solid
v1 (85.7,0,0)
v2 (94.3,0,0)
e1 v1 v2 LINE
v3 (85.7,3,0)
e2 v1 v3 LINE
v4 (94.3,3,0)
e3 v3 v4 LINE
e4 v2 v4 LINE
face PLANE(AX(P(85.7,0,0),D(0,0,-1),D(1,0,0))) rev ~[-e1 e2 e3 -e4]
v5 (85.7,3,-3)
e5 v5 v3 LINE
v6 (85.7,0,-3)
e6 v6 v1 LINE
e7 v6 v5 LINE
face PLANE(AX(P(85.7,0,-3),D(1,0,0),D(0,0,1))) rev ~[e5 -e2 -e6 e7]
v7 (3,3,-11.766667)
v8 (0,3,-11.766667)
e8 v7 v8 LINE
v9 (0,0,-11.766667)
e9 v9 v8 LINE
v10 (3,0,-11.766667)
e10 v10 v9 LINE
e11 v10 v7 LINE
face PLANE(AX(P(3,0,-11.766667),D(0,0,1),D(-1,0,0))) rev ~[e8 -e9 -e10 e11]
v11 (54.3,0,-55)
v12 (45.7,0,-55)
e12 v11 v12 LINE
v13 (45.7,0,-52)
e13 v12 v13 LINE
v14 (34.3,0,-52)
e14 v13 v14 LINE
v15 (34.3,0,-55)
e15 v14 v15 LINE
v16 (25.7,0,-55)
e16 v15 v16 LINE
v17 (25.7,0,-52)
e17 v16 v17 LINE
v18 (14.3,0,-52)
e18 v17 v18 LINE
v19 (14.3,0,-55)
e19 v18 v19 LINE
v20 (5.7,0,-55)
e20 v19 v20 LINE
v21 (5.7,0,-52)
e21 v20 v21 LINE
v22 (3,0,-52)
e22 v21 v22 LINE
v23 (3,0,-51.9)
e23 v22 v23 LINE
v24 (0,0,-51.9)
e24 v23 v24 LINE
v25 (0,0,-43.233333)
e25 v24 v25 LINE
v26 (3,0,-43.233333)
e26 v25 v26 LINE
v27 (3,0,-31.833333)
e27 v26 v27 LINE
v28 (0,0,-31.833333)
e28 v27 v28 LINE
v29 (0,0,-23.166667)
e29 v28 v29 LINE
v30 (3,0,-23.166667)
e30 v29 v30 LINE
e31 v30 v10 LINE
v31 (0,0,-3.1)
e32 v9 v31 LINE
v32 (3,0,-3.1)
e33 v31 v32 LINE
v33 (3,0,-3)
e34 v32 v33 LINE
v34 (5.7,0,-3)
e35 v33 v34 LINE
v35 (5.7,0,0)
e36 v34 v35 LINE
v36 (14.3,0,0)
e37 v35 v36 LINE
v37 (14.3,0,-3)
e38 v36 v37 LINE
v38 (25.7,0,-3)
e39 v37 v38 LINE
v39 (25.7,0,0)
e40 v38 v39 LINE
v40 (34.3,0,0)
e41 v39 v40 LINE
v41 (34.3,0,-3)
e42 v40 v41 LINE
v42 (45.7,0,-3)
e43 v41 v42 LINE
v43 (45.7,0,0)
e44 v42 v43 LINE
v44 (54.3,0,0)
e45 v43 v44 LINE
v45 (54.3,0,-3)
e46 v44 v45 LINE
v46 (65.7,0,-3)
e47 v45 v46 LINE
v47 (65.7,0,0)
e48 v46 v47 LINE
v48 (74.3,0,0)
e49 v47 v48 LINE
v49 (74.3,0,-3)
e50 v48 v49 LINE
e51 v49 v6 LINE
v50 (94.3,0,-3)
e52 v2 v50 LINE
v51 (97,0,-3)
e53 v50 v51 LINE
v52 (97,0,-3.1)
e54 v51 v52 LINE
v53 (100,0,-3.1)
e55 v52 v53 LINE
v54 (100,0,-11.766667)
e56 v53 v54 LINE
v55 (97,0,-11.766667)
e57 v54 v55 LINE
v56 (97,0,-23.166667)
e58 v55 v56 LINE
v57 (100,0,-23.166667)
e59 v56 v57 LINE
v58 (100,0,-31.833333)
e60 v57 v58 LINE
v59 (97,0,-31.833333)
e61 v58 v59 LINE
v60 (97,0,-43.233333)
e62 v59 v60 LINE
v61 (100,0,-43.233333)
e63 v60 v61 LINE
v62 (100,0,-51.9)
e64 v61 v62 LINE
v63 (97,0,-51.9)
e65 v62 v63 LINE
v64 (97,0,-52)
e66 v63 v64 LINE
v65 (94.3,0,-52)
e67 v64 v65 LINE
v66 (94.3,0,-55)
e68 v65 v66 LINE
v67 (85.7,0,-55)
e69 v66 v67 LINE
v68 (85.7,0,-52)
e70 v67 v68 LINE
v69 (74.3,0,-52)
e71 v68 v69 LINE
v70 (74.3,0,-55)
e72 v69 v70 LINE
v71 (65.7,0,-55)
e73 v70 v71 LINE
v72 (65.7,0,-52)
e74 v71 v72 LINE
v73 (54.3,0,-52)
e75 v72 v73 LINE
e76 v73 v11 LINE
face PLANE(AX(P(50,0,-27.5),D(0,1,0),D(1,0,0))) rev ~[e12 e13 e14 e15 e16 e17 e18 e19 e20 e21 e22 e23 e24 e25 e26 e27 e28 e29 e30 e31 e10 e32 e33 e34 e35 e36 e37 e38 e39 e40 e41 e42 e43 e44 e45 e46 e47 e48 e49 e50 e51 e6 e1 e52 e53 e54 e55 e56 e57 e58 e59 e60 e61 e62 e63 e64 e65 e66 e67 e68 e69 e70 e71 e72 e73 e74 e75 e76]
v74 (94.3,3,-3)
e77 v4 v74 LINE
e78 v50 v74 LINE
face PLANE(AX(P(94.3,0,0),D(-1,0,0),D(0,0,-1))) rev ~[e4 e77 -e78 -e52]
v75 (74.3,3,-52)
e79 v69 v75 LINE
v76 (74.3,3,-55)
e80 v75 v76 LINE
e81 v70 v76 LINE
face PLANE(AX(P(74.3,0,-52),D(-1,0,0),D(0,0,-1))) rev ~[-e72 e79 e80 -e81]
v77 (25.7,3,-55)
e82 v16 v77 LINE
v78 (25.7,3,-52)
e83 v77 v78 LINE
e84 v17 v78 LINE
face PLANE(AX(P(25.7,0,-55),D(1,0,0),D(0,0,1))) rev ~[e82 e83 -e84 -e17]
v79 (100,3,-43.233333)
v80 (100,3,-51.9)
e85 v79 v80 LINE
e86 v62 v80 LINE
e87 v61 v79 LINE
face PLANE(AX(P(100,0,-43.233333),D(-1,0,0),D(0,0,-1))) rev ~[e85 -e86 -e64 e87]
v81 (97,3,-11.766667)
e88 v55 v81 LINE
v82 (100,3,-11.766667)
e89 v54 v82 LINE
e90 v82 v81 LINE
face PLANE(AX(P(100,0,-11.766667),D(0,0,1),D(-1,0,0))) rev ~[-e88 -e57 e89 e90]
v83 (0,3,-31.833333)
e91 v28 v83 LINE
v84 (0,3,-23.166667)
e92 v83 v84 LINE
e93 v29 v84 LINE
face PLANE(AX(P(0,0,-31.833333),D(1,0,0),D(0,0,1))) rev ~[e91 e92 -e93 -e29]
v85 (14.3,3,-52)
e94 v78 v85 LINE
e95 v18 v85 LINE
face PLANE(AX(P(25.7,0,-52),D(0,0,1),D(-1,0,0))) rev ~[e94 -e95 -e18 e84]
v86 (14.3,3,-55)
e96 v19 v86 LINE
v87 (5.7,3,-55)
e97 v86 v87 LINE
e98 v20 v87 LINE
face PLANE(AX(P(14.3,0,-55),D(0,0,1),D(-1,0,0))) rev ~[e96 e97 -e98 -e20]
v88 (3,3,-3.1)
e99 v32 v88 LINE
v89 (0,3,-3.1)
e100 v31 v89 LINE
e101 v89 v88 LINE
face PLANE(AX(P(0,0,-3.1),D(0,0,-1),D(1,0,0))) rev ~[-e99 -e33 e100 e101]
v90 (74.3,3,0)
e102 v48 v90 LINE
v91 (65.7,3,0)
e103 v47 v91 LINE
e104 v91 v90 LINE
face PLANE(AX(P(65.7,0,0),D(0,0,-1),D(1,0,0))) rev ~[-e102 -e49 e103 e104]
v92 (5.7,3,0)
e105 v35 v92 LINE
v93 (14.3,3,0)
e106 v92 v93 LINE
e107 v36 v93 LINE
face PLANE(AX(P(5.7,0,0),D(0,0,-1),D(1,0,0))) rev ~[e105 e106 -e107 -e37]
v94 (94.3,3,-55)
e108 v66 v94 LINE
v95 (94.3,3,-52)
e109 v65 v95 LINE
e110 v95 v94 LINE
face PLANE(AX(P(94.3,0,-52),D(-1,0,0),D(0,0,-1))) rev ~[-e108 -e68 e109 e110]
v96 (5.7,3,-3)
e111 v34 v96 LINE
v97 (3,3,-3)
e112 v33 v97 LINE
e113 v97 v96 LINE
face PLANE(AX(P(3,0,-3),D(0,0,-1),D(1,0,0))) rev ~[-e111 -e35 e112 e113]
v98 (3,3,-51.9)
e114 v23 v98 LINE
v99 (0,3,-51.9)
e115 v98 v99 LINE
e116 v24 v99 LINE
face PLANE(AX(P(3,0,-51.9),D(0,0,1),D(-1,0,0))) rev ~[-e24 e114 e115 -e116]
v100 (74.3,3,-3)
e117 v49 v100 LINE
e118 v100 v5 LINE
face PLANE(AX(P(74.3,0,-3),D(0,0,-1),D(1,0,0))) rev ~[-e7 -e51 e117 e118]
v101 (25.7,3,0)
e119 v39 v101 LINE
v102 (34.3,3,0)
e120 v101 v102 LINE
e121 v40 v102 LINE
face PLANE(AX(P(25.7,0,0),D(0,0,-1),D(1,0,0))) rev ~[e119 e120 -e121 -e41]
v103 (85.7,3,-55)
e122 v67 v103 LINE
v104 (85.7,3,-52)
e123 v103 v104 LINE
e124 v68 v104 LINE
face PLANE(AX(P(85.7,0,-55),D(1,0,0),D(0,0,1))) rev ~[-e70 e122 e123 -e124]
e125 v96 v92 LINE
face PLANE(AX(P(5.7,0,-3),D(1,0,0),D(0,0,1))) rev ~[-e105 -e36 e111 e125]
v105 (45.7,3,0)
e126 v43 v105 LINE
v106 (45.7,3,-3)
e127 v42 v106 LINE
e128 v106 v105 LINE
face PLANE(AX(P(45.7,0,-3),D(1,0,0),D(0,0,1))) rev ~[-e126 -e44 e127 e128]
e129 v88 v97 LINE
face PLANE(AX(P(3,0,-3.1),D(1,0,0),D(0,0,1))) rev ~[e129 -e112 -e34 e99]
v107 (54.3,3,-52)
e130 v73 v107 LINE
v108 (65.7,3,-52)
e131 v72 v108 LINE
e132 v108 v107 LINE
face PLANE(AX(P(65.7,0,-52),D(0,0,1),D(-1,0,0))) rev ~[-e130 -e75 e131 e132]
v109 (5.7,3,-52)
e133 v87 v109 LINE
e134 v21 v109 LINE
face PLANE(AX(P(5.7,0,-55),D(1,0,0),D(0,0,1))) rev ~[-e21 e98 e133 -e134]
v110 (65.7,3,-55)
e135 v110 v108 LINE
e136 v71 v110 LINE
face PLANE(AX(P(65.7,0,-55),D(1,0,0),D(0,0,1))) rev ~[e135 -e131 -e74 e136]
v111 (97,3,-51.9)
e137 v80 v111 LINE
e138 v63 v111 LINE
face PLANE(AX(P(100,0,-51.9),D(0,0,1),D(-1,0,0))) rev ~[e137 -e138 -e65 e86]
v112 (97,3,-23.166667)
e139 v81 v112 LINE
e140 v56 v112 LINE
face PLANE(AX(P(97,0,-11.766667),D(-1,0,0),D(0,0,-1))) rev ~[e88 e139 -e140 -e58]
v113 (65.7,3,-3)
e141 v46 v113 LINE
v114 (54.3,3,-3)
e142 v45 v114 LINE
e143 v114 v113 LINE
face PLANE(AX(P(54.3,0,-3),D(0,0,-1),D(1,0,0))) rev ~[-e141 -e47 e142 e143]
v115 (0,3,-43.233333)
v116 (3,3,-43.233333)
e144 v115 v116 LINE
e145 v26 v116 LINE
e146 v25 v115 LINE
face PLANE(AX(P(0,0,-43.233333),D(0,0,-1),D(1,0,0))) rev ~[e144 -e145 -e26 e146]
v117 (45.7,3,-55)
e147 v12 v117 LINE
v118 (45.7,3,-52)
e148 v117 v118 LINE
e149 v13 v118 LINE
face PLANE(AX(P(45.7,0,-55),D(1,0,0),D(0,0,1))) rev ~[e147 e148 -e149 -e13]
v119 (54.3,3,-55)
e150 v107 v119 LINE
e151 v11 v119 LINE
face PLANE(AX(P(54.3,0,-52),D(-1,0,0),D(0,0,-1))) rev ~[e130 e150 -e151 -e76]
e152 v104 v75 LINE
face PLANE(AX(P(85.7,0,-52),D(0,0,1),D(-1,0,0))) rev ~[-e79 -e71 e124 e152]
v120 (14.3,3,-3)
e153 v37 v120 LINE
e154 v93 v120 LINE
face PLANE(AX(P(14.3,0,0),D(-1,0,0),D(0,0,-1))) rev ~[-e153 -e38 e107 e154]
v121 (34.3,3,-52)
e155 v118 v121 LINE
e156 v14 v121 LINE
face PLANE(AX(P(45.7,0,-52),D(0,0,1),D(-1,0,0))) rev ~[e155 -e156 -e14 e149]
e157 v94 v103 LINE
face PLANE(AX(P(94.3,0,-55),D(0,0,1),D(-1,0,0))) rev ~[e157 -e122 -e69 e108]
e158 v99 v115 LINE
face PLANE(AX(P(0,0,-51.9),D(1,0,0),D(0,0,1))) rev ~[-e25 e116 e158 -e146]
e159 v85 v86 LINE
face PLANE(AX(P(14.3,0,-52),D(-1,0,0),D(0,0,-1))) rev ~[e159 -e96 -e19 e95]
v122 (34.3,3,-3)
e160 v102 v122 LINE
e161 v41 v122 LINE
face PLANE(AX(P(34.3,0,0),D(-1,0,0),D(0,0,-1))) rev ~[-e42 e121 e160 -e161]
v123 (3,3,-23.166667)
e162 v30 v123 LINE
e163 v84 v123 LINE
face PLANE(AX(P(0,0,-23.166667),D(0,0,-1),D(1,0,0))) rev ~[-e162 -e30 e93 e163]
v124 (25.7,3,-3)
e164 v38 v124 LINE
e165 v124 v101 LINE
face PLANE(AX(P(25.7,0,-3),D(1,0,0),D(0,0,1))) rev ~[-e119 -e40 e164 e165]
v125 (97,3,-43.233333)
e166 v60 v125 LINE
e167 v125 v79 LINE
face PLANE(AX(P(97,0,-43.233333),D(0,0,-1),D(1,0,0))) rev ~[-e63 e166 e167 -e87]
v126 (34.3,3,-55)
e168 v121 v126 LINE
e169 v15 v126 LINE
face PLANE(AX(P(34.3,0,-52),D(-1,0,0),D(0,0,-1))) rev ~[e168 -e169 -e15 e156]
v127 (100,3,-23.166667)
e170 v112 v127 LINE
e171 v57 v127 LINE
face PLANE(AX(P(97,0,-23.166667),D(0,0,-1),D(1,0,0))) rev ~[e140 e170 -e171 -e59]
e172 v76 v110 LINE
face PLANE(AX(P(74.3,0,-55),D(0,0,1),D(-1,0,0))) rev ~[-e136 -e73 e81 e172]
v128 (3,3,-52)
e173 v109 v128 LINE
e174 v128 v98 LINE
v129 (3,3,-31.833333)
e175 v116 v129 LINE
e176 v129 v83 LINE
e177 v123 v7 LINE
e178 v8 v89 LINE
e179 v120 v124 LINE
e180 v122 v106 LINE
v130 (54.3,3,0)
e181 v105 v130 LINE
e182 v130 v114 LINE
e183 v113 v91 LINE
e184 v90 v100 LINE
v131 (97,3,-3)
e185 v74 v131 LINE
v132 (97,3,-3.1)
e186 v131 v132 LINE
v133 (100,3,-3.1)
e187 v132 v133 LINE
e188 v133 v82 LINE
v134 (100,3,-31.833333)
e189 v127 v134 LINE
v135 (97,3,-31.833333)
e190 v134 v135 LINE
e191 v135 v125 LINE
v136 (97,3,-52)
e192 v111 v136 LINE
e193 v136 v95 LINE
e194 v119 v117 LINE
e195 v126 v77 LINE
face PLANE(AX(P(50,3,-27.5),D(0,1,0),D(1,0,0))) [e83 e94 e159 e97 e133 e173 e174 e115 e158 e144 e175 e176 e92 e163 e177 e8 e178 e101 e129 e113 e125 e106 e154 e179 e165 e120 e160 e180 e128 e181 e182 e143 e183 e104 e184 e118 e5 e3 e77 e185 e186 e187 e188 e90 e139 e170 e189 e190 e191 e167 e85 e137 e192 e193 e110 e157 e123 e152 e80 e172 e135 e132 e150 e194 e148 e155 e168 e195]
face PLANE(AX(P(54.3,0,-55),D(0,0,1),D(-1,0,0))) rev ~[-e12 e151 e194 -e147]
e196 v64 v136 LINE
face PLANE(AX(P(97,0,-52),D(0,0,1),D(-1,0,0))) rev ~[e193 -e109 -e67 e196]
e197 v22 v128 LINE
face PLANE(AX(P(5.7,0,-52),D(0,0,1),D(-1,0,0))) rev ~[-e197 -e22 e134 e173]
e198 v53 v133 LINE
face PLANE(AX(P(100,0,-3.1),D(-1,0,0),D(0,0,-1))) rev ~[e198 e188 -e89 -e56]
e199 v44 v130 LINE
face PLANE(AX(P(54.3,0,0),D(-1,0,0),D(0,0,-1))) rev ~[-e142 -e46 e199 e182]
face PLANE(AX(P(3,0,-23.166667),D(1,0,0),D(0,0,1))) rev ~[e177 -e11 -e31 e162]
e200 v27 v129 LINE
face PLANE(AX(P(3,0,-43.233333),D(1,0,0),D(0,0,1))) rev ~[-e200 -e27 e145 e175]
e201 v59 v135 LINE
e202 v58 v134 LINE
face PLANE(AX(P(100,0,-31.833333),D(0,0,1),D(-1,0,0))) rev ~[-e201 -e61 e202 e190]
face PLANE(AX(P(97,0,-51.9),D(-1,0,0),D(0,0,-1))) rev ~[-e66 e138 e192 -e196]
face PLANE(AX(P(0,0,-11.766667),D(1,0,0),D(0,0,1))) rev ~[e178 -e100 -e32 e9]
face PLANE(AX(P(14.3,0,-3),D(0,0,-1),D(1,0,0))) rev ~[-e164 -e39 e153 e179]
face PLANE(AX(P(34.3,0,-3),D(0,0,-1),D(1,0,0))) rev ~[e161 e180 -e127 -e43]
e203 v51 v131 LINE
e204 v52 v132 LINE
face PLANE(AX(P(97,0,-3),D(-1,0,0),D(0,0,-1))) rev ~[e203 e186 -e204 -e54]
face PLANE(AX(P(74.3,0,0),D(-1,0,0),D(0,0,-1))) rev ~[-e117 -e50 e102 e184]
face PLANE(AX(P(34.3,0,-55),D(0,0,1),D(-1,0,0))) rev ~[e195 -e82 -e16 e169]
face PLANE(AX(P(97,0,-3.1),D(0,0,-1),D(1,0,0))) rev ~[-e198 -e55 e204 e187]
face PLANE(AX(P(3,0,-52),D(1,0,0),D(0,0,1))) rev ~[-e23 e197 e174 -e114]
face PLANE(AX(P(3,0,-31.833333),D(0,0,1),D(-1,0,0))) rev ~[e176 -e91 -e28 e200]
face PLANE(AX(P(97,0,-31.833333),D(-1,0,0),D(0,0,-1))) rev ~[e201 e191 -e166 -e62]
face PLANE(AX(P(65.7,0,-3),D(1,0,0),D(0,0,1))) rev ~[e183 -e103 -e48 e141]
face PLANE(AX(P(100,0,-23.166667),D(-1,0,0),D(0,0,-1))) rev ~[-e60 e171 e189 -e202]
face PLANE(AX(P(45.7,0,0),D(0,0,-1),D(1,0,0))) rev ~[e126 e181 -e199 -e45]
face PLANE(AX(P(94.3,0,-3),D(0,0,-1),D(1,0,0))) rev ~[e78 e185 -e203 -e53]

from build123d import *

# Parameters (mm, degrees)
BOSS_EXTRU_1_DEPTH = 3


with BuildPart() as part:
    # Esquisse1 → Boss.-Extru.1 (new body)
    with BuildSketch(Plane(origin=(0, 0, 0), x_dir=(1, 0, 0), z_dir=(0, 1, 0))):
        Polygon((3, 31.833333333), (0, 31.833333333), (0, 23.166666667), (3, 23.166666667), (3, 17.466666667), (3, 11.766666667), (0, 11.766666667), (0, 3.1), (3, 3.1), (3, 3), (5.7, 3), (5.7, 0), (14.3, 0), (14.3, 3), (25.7, 3), (25.7, 0), (34.3, 0), (34.3, 3), (45.7, 3), (45.7, 0), (54.3, 0), (54.3, 3), (65.7, 3), (65.7, 0), (74.3, 0), (74.3, 3), (85.7, 3), (85.7, 0), (94.3, 0), (94.3, 3), (97, 3), (97, 3.1), (100, 3.1), (100, 11.766666667), (97, 11.766666667), (97, 23.166666667), (100, 23.166666667), (100, 31.833333333), (97, 31.833333333), (97, 43.233333333), (100, 43.233333333), (100, 51.9), (97, 51.9), (97, 52), (94.3, 52), (94.3, 55), (85.7, 55), (85.7, 52), (74.3, 52), (74.3, 55), (65.7, 55), (65.7, 52), (54.3, 52), (54.3, 55), (45.7, 55), (45.7, 52), (34.3, 52), (34.3, 55), (25.7, 55), (25.7, 52), (20, 52), (14.3, 52), (14.3, 55), (5.7, 55), (5.7, 52), (3, 52), (3, 51.9), (0, 51.9), (0, 43.233333333), (3, 43.233333333), align=None)
    extrude(amount=BOSS_EXTRU_1_DEPTH)


solid = part.part
